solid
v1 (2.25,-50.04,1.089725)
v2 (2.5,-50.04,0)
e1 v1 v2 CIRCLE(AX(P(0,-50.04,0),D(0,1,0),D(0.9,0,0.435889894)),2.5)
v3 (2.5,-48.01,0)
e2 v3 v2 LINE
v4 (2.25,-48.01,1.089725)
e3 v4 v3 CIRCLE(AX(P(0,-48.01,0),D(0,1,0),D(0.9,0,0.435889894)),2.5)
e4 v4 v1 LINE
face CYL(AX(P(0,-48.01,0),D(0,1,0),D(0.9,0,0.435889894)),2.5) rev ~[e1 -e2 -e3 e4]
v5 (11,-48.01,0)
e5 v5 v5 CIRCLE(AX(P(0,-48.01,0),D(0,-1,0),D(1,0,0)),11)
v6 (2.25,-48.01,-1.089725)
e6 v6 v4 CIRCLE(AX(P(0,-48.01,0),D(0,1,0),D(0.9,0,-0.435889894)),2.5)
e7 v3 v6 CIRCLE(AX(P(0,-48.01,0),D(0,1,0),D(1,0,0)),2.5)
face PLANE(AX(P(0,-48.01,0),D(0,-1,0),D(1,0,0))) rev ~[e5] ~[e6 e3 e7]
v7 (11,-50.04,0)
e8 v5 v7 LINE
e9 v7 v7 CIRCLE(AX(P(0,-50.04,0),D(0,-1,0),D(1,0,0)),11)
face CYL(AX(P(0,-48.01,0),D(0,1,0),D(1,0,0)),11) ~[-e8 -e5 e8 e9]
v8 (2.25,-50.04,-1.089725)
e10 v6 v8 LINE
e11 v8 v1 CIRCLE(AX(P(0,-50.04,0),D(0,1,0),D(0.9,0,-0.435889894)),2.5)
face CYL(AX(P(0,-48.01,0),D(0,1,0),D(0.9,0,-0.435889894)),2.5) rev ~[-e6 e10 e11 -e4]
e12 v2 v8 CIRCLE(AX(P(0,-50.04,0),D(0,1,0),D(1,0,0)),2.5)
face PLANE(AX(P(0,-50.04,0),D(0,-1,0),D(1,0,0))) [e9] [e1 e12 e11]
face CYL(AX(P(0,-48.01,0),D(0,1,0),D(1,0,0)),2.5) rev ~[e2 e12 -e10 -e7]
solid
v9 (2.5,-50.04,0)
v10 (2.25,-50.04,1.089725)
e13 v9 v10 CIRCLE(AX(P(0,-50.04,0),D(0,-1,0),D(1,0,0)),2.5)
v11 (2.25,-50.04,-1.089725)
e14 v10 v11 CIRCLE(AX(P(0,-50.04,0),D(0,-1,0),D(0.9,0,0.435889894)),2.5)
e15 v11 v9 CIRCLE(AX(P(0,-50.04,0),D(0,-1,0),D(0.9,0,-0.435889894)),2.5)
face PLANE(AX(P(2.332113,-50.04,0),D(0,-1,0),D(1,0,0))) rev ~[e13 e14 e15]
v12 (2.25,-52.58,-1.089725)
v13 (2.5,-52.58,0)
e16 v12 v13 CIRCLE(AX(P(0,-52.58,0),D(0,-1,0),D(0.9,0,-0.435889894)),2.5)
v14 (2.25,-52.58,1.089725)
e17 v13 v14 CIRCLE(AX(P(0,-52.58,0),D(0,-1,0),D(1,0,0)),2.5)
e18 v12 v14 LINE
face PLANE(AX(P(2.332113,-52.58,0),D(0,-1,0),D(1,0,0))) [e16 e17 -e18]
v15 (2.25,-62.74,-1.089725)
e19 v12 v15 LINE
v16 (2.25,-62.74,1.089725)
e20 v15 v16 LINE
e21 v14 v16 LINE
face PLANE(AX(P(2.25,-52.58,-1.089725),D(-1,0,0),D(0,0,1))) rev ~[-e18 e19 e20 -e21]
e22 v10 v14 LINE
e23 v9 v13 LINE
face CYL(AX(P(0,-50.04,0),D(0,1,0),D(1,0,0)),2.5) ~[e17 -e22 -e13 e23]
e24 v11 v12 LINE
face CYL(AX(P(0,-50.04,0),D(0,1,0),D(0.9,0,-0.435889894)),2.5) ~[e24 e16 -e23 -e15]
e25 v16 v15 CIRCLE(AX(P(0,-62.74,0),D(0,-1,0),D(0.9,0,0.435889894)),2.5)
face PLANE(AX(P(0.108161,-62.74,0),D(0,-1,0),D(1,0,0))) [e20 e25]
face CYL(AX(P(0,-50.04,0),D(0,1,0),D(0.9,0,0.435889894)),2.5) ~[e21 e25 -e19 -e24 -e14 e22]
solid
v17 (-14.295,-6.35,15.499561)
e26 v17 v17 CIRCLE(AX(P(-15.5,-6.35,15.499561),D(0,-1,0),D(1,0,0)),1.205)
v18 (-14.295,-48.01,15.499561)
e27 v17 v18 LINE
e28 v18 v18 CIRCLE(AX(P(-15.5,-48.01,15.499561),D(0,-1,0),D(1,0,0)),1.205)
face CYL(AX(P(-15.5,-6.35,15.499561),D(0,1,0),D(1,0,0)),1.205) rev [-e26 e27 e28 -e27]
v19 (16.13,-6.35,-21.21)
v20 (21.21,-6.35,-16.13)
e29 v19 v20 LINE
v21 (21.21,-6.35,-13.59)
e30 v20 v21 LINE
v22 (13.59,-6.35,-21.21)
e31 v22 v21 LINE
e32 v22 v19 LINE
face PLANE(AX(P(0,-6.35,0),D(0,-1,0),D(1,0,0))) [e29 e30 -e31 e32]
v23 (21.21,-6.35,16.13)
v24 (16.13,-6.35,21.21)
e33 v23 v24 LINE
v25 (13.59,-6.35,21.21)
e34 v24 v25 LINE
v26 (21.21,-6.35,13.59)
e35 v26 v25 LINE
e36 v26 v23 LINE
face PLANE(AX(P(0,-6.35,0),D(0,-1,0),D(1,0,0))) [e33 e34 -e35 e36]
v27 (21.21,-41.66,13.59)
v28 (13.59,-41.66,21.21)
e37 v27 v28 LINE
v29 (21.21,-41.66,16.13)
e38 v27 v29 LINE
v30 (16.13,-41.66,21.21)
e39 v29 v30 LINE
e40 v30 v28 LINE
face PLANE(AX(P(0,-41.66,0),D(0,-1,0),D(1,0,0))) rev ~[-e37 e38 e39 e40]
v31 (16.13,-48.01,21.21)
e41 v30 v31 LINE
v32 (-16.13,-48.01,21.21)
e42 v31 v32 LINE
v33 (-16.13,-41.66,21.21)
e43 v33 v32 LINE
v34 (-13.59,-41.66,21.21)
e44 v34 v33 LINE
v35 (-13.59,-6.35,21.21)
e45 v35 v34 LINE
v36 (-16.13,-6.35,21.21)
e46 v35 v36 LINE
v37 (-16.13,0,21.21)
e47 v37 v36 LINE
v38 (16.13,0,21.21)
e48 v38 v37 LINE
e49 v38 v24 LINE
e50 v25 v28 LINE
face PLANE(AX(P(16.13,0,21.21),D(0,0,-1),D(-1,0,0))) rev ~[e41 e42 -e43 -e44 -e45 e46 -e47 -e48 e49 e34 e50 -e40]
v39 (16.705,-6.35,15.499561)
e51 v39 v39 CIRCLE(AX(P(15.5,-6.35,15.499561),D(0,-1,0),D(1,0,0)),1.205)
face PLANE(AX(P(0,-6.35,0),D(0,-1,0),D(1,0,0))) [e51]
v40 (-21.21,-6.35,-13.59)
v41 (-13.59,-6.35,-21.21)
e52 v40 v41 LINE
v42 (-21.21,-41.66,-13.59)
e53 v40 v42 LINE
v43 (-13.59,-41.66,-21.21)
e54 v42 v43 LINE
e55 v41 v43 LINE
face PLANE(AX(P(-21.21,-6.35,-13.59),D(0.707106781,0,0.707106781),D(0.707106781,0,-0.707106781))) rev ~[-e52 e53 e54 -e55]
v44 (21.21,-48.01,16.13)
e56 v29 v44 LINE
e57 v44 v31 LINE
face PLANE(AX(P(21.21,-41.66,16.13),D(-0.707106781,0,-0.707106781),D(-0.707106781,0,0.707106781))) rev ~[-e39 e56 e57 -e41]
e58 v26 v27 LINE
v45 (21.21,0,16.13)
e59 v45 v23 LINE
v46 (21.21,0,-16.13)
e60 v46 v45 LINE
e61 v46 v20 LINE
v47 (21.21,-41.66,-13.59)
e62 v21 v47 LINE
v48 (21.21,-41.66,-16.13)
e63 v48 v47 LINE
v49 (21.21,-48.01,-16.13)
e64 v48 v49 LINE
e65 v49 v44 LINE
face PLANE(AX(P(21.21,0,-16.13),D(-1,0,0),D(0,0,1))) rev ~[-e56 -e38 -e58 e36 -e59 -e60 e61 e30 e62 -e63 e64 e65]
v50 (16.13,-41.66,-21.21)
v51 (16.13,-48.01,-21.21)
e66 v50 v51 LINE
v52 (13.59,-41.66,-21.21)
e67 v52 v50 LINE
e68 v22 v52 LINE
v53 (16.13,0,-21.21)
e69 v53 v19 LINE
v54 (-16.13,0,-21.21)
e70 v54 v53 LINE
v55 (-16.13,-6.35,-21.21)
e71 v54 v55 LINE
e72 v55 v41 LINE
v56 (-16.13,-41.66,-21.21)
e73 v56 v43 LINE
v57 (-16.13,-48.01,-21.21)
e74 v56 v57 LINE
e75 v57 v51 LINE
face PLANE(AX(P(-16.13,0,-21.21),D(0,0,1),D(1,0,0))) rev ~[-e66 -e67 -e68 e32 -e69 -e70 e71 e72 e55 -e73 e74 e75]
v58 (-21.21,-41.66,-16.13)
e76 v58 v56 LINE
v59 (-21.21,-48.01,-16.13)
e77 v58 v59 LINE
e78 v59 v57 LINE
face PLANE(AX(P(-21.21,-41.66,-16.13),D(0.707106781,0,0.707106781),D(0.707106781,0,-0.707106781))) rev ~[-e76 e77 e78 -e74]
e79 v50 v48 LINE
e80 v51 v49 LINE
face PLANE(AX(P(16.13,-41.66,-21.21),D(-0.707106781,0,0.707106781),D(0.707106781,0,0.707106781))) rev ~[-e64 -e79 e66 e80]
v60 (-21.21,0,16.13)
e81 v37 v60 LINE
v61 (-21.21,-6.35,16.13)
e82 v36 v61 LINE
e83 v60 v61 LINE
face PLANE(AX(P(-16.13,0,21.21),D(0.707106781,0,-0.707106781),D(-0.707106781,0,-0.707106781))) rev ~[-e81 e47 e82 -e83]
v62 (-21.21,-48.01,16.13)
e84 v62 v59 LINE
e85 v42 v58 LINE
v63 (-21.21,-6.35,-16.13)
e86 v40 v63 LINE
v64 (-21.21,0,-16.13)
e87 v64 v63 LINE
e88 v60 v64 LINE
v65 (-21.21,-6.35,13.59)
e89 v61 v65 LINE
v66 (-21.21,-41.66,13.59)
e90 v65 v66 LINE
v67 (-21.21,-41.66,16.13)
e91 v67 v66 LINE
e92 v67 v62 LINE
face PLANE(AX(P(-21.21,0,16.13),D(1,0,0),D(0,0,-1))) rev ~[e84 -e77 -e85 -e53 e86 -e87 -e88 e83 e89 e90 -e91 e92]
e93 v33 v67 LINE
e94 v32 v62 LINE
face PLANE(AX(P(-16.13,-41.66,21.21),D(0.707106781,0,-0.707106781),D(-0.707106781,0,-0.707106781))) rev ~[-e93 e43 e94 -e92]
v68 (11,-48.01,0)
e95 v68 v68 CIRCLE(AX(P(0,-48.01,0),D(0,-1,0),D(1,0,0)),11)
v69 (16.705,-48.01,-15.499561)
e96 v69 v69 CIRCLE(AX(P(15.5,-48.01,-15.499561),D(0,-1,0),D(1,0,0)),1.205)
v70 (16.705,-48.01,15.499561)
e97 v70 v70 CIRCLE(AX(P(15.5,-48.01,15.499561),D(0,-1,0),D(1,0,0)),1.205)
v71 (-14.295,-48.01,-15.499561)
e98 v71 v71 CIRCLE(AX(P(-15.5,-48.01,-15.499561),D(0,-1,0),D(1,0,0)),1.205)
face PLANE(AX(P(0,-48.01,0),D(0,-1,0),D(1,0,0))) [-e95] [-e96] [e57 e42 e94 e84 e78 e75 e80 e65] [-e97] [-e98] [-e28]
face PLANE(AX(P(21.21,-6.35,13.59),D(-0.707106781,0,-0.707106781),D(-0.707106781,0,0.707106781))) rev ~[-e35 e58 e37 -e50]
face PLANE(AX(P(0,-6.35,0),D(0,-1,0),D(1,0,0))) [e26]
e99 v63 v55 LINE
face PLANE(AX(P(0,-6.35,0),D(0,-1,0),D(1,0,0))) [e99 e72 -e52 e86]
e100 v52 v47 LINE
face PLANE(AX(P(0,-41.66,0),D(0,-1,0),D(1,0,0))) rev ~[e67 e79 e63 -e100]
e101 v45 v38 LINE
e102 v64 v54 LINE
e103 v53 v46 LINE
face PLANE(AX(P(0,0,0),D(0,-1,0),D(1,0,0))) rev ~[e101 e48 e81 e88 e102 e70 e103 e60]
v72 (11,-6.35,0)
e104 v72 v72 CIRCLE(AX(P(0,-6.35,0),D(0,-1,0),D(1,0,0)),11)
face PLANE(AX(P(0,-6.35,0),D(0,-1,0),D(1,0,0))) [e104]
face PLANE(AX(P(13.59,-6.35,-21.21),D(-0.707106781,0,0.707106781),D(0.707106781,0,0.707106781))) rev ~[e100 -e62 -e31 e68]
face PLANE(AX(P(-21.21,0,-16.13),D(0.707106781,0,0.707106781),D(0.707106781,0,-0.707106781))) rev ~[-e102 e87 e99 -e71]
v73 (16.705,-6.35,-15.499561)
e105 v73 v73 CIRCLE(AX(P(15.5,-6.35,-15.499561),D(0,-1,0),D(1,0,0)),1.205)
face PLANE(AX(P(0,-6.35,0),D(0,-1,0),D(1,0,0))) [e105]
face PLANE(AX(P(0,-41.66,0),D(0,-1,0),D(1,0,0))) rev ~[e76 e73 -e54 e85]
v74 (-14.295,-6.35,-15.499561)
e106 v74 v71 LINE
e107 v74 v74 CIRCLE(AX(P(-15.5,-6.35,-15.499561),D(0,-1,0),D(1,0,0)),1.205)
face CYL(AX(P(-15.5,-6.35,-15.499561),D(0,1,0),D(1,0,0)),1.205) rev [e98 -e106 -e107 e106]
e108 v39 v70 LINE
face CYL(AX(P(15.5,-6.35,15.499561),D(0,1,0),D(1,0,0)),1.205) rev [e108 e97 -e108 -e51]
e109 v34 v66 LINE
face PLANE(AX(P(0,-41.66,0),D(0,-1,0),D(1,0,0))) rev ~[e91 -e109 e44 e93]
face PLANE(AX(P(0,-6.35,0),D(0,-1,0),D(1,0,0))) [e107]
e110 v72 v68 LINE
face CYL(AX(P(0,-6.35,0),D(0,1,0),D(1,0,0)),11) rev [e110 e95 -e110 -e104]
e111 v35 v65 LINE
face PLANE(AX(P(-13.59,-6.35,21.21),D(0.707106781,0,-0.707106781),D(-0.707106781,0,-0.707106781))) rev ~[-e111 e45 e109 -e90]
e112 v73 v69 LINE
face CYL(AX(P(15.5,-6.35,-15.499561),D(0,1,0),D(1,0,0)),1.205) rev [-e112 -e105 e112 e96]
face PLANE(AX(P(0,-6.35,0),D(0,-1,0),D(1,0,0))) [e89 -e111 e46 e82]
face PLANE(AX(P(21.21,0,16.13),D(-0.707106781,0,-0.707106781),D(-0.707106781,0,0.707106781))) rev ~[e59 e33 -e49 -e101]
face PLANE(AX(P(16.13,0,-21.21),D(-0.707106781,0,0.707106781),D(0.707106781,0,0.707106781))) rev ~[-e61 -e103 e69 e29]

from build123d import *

# Parameters (mm, degrees)
F1_START = 52.58
F1_DEPTH = 10.16
F2_START = 50.04
F2_DEPTH = 2.54
F3_START = 48.01
F0_R     = 11
F3_DEPTH = 2.03
F4_START = 41.66
F0_R_2   = 1.205
F4_DEPTH = 6.35
F5_START = 6.35
F5_DEPTH = 35.31
F6_DEPTH = 6.35


with BuildPart() as f1:
    # F0 (on Front) → F1 (new body)
    with BuildSketch(Plane.XZ.offset(F1_START)):
        with BuildLine():
            Line((2.25, -1.0897247359), (2.25, 1.0897247359))
            ThreePointArc((2.25, 1.0897247359), (-2.5, 0), (2.25, -1.0897247359))
        make_face()
    extrude(amount=F1_DEPTH)

    # F0 (on Front) → F2 (join)
    with BuildSketch(Plane.XZ.offset(F2_START)):
        with BuildLine():
            ThreePointArc((2.25, -1.0897247359), (2.4366985862, -0.5590169944), (2.5, 0))
            ThreePointArc((2.5, 0), (2.4366985862, 0.5590169944), (2.25, 1.0897247359))
            Line((2.25, 1.0897247359), (2.25, -1.0897247359))
        make_face()
        with BuildLine():
            Line((2.25, -1.0897247359), (2.25, 1.0897247359))
            ThreePointArc((2.25, 1.0897247359), (-2.5, 0), (2.25, -1.0897247359))
        make_face()
    extrude(amount=F2_DEPTH)


with BuildPart() as f3:
    # F0 (on Front) → F3 (new body)
    with BuildSketch(Plane.XZ.offset(F3_START)):
        Circle(F0_R)
        with BuildLine():
            ThreePointArc((2.25, -1.0897247359), (-2.5, 0), (2.25, 1.0897247359))
            Line((2.25, 1.0897247359), (2.25, 2.5))
            Line((2.25, 2.5), (2.75, 2.5))
            Line((2.75, 2.5), (2.75, -2.5))
            Line((2.75, -2.5), (2.25, -2.5))
            Line((2.25, -2.5), (2.25, -1.0897247359))
        make_face(mode=Mode.SUBTRACT)
        with BuildLine():
            ThreePointArc((2.25, 1.0897247359), (2.4366985862, 0.5590169944), (2.5, 0))
            ThreePointArc((2.5, 0), (2.4366985862, -0.5590169944), (2.25, -1.0897247359))
            Line((2.25, -1.0897247359), (2.25, -2.5))
            Line((2.25, -2.5), (2.75, -2.5))
            Line((2.75, -2.5), (2.75, 2.5))
            Line((2.75, 2.5), (2.25, 2.5))
            Line((2.25, 2.5), (2.25, 1.0897247359))
        make_face()
    extrude(amount=F3_DEPTH)


with BuildPart() as f4:
    # F0 (on Front) → F4 (new body)
    with BuildSketch(Plane.XZ.offset(F4_START)):
        Polygon((-21.21, -13.59), (-13.59, -21.21), (13.59, -21.21), (21.21, -13.59), (21.21, 13.59), (13.59, 21.21), (-13.59, 21.21), (-21.21, 13.59), align=None)
        with Locations((-15.5, -15.4995612841)):
            Circle(F0_R_2, mode=Mode.SUBTRACT)
        with Locations((15.5, -15.4995612841)):
            Circle(F0_R_2, mode=Mode.SUBTRACT)
        with Locations((-15.5, 15.4995612841)):
            Circle(F0_R_2, mode=Mode.SUBTRACT)
        Circle(F0_R, mode=Mode.SUBTRACT)
        with Locations((15.5, 15.4995612841)):
            Circle(F0_R_2, mode=Mode.SUBTRACT)
        Polygon((13.59, 21.21), (21.21, 13.59), (21.21, 16.13), (16.13, 21.21), align=None)
        Polygon((21.21, -13.59), (13.59, -21.21), (16.13, -21.21), (21.21, -16.13), align=None)
        Polygon((-21.21, -16.13), (-16.13, -21.21), (-13.59, -21.21), (-21.21, -13.59), align=None)
        Polygon((-21.21, 16.13), (-21.21, 13.59), (-13.59, 21.21), (-16.13, 21.21), align=None)
    extrude(amount=F4_DEPTH)

    # F0 (on Front) → F5 (join)
    with BuildSketch(Plane.XZ.offset(F5_START)):
        Polygon((-21.21, -13.59), (-13.59, -21.21), (13.59, -21.21), (21.21, -13.59), (21.21, 13.59), (13.59, 21.21), (-13.59, 21.21), (-21.21, 13.59), align=None)
        with Locations((-15.5, -15.4995612841)):
            Circle(F0_R_2, mode=Mode.SUBTRACT)
        with Locations((15.5, -15.4995612841)):
            Circle(F0_R_2, mode=Mode.SUBTRACT)
        with Locations((-15.5, 15.4995612841)):
            Circle(F0_R_2, mode=Mode.SUBTRACT)
        Circle(F0_R, mode=Mode.SUBTRACT)
        with Locations((15.5, 15.4995612841)):
            Circle(F0_R_2, mode=Mode.SUBTRACT)
    extrude(amount=F5_DEPTH)

    # F0 (on Front) → F6 (join)
    with BuildSketch(Plane.XZ):
        Polygon((-21.21, -13.59), (-13.59, -21.21), (13.59, -21.21), (21.21, -13.59), (21.21, 13.59), (13.59, 21.21), (-13.59, 21.21), (-21.21, 13.59), align=None)
        with Locations((-15.5, -15.4995612841)):
            Circle(F0_R_2, mode=Mode.SUBTRACT)
        with Locations((15.5, -15.4995612841)):
            Circle(F0_R_2, mode=Mode.SUBTRACT)
        with Locations((-15.5, 15.4995612841)):
            Circle(F0_R_2, mode=Mode.SUBTRACT)
        Circle(F0_R, mode=Mode.SUBTRACT)
        with Locations((15.5, 15.4995612841)):
            Circle(F0_R_2, mode=Mode.SUBTRACT)
        Circle(F0_R)
        with BuildLine():
            ThreePointArc((2.25, -1.0897247359), (-2.5, 0), (2.25, 1.0897247359))
            Line((2.25, 1.0897247359), (2.25, 2.5))
            Line((2.25, 2.5), (2.75, 2.5))
            Line((2.75, 2.5), (2.75, -2.5))
            Line((2.75, -2.5), (2.25, -2.5))
            Line((2.25, -2.5), (2.25, -1.0897247359))
        make_face(mode=Mode.SUBTRACT)
        with BuildLine():
            Line((2.25, -1.0897247359), (2.25, 1.0897247359))
            ThreePointArc((2.25, 1.0897247359), (-2.5, 0), (2.25, -1.0897247359))
        make_face()
        Polygon((-21.21, -16.13), (-16.13, -21.21), (-13.59, -21.21), (-21.21, -13.59), align=None)
        Polygon((-21.21, 16.13), (-21.21, 13.59), (-13.59, 21.21), (-16.13, 21.21), align=None)
        Polygon((13.59, 21.21), (21.21, 13.59), (21.21, 16.13), (16.13, 21.21), align=None)
        Polygon((21.21, -13.59), (13.59, -21.21), (16.13, -21.21), (21.21, -16.13), align=None)
        with Locations((15.5, -15.4995612841)):
            Circle(F0_R_2)
        with Locations((15.5, 15.4995612841)):
            Circle(F0_R_2)
        with Locations((-15.5, 15.4995612841)):
            Circle(F0_R_2)
        with Locations((-15.5, -15.4995612841)):
            Circle(F0_R_2)
        with BuildLine():
            ThreePointArc((2.25, 1.0897247359), (2.4366985862, 0.5590169944), (2.5, 0))
            ThreePointArc((2.5, 0), (2.4366985862, -0.5590169944), (2.25, -1.0897247359))
            Line((2.25, -1.0897247359), (2.25, -2.5))
            Line((2.25, -2.5), (2.75, -2.5))
            Line((2.75, -2.5), (2.75, 2.5))
            Line((2.75, 2.5), (2.25, 2.5))
            Line((2.25, 2.5), (2.25, 1.0897247359))
        make_face()
        with BuildLine():
            ThreePointArc((2.25, -1.0897247359), (2.4366985862, -0.5590169944), (2.5, 0))
            ThreePointArc((2.5, 0), (2.4366985862, 0.5590169944), (2.25, 1.0897247359))
            Line((2.25, 1.0897247359), (2.25, -1.0897247359))
        make_face()
    extrude(amount=F6_DEPTH)


solid = Compound([f1.part, f3.part, f4.part])
